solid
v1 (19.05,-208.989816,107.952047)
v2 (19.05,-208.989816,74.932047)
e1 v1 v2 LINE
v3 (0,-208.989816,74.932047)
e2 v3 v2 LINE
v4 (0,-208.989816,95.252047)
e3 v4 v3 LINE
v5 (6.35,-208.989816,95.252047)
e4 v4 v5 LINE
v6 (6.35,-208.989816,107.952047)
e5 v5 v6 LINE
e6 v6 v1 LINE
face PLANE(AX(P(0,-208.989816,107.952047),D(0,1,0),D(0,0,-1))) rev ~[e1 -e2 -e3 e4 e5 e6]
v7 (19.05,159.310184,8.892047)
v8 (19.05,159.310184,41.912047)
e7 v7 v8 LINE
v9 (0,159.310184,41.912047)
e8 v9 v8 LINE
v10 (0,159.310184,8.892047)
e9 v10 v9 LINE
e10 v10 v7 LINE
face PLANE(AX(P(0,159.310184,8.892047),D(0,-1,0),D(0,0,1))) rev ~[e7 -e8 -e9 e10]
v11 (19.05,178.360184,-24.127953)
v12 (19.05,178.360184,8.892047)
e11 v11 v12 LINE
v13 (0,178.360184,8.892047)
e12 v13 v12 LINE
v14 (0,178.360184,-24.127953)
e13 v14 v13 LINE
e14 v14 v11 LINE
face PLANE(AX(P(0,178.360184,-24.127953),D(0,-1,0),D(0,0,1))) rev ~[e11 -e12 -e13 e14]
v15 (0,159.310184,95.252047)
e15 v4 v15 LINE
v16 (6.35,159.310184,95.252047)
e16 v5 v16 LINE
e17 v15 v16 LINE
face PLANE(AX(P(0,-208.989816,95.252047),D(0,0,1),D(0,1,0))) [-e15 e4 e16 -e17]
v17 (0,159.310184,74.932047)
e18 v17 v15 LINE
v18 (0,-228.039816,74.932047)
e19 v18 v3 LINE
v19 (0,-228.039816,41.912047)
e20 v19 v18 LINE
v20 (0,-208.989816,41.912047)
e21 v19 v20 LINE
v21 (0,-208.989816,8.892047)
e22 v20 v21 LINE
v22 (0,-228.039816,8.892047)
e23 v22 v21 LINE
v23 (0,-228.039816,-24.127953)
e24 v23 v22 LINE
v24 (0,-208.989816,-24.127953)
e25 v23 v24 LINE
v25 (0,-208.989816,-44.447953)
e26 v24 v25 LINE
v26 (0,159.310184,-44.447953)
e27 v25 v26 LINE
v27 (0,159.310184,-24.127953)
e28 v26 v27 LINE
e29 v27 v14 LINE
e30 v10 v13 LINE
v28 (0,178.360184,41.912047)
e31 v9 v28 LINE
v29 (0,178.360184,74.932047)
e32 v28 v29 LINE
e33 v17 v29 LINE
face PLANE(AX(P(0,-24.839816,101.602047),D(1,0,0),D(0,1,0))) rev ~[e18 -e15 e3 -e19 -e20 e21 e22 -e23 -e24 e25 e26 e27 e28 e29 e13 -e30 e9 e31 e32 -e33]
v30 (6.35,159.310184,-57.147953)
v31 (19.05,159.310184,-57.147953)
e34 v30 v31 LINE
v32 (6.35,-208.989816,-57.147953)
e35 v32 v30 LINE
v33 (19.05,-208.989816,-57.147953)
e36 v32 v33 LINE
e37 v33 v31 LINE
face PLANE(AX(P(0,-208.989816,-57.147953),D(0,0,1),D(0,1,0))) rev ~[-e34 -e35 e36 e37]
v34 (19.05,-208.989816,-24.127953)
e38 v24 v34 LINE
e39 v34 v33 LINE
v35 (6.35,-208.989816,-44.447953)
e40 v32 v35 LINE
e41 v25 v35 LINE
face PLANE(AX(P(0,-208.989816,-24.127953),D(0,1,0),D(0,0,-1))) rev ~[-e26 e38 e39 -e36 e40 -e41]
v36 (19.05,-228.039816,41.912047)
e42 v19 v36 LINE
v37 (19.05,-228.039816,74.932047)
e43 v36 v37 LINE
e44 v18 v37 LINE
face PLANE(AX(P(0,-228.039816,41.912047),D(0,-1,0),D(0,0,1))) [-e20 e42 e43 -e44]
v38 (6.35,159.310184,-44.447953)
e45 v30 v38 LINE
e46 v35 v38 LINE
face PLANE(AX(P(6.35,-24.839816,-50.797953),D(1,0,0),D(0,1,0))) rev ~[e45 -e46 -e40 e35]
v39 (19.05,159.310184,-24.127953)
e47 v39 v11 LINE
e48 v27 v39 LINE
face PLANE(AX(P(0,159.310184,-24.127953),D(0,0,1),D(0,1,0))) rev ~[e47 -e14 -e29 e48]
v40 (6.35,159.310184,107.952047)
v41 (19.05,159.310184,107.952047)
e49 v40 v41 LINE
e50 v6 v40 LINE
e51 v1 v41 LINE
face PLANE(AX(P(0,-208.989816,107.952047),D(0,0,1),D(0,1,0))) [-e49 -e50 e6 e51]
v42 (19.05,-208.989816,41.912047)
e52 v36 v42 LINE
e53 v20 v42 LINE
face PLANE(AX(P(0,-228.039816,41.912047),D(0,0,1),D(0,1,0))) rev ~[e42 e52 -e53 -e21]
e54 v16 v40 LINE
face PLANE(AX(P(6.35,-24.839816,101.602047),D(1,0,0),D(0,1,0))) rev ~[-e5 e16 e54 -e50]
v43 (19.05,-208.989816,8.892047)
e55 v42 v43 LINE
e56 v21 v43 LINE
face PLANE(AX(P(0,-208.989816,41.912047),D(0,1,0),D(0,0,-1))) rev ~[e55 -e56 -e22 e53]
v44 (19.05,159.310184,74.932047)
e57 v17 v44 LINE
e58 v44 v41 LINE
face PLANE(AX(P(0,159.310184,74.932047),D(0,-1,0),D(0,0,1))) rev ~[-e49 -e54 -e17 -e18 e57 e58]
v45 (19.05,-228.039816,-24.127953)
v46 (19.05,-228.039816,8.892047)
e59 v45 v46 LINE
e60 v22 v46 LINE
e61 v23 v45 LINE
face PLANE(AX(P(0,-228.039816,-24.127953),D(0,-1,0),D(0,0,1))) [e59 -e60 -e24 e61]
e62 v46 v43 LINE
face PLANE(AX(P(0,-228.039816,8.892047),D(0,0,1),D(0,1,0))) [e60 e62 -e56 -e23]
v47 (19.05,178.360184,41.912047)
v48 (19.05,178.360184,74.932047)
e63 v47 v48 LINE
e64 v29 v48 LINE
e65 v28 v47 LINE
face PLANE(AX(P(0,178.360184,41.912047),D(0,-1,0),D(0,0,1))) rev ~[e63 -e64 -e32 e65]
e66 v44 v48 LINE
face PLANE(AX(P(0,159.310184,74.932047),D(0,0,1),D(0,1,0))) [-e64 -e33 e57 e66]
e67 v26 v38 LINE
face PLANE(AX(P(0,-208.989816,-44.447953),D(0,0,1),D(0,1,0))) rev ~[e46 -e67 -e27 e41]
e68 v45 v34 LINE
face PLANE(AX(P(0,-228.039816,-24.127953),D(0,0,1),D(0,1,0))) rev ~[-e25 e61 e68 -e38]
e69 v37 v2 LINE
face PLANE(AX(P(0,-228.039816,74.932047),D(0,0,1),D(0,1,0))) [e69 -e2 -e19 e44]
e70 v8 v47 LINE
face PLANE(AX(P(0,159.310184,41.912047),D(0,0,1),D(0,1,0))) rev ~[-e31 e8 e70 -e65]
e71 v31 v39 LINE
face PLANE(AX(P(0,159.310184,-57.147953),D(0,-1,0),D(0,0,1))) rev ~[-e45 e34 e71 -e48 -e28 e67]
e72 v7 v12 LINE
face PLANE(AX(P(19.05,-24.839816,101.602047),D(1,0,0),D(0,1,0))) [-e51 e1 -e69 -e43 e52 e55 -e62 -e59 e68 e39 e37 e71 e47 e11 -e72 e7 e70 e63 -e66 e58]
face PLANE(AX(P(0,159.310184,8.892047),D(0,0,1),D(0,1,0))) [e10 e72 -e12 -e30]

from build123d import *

# Parameters (mm, degrees)
F0_W     = 368.3
F0_H     = 12.7
F0_W_2   = 19.05
F0_H_2   = 33.02
F1_DEPTH = 19.05
F2_DEPTH = 6.35
F3_DEPTH = 6.35


with BuildPart() as f1:
    # F0 (on Right) → F1 (new body)
    with BuildSketch(Plane.YZ):
        with Locations((-24.839816, 101.602047)):
            Rectangle(F0_W, F0_H)
        Polygon((159.310184, 95.252047), (-208.989816, 95.252047), (-208.989816, 74.932047), (-208.989816, 41.912047), (-208.989816, 8.892047), (-208.989816, -24.127953), (-208.989816, -44.447953), (159.310184, -44.447953), (159.310184, -24.127953), (159.310184, 8.892047), (159.310184, 41.912047), (159.310184, 74.932047), align=None)
        with Locations((-218.514816, 58.422047)):
            Rectangle(F0_W_2, F0_H_2)
        with Locations((168.835184, 58.422047)):
            Rectangle(F0_W_2, F0_H_2)
        with Locations((-218.514816, -7.617953)):
            Rectangle(F0_W_2, F0_H_2)
        with Locations((168.835184, -7.617953)):
            Rectangle(F0_W_2, F0_H_2)
        with Locations((-24.839816, -50.797953)):
            Rectangle(F0_W, F0_H)
    extrude(amount=F1_DEPTH)

    # F0 (on Right) → F2 (cut)
    with BuildSketch(Plane.YZ):
        with Locations((-24.839816, 101.602047)):
            Rectangle(F0_W, F0_H)
    extrude(amount=F2_DEPTH, mode=Mode.SUBTRACT)

    # F0 (on Right) → F3 (cut)
    with BuildSketch(Plane.YZ):
        with Locations((-24.839816, -50.797953)):
            Rectangle(F0_W, F0_H)
    extrude(amount=F3_DEPTH, mode=Mode.SUBTRACT)


solid = f1.part
